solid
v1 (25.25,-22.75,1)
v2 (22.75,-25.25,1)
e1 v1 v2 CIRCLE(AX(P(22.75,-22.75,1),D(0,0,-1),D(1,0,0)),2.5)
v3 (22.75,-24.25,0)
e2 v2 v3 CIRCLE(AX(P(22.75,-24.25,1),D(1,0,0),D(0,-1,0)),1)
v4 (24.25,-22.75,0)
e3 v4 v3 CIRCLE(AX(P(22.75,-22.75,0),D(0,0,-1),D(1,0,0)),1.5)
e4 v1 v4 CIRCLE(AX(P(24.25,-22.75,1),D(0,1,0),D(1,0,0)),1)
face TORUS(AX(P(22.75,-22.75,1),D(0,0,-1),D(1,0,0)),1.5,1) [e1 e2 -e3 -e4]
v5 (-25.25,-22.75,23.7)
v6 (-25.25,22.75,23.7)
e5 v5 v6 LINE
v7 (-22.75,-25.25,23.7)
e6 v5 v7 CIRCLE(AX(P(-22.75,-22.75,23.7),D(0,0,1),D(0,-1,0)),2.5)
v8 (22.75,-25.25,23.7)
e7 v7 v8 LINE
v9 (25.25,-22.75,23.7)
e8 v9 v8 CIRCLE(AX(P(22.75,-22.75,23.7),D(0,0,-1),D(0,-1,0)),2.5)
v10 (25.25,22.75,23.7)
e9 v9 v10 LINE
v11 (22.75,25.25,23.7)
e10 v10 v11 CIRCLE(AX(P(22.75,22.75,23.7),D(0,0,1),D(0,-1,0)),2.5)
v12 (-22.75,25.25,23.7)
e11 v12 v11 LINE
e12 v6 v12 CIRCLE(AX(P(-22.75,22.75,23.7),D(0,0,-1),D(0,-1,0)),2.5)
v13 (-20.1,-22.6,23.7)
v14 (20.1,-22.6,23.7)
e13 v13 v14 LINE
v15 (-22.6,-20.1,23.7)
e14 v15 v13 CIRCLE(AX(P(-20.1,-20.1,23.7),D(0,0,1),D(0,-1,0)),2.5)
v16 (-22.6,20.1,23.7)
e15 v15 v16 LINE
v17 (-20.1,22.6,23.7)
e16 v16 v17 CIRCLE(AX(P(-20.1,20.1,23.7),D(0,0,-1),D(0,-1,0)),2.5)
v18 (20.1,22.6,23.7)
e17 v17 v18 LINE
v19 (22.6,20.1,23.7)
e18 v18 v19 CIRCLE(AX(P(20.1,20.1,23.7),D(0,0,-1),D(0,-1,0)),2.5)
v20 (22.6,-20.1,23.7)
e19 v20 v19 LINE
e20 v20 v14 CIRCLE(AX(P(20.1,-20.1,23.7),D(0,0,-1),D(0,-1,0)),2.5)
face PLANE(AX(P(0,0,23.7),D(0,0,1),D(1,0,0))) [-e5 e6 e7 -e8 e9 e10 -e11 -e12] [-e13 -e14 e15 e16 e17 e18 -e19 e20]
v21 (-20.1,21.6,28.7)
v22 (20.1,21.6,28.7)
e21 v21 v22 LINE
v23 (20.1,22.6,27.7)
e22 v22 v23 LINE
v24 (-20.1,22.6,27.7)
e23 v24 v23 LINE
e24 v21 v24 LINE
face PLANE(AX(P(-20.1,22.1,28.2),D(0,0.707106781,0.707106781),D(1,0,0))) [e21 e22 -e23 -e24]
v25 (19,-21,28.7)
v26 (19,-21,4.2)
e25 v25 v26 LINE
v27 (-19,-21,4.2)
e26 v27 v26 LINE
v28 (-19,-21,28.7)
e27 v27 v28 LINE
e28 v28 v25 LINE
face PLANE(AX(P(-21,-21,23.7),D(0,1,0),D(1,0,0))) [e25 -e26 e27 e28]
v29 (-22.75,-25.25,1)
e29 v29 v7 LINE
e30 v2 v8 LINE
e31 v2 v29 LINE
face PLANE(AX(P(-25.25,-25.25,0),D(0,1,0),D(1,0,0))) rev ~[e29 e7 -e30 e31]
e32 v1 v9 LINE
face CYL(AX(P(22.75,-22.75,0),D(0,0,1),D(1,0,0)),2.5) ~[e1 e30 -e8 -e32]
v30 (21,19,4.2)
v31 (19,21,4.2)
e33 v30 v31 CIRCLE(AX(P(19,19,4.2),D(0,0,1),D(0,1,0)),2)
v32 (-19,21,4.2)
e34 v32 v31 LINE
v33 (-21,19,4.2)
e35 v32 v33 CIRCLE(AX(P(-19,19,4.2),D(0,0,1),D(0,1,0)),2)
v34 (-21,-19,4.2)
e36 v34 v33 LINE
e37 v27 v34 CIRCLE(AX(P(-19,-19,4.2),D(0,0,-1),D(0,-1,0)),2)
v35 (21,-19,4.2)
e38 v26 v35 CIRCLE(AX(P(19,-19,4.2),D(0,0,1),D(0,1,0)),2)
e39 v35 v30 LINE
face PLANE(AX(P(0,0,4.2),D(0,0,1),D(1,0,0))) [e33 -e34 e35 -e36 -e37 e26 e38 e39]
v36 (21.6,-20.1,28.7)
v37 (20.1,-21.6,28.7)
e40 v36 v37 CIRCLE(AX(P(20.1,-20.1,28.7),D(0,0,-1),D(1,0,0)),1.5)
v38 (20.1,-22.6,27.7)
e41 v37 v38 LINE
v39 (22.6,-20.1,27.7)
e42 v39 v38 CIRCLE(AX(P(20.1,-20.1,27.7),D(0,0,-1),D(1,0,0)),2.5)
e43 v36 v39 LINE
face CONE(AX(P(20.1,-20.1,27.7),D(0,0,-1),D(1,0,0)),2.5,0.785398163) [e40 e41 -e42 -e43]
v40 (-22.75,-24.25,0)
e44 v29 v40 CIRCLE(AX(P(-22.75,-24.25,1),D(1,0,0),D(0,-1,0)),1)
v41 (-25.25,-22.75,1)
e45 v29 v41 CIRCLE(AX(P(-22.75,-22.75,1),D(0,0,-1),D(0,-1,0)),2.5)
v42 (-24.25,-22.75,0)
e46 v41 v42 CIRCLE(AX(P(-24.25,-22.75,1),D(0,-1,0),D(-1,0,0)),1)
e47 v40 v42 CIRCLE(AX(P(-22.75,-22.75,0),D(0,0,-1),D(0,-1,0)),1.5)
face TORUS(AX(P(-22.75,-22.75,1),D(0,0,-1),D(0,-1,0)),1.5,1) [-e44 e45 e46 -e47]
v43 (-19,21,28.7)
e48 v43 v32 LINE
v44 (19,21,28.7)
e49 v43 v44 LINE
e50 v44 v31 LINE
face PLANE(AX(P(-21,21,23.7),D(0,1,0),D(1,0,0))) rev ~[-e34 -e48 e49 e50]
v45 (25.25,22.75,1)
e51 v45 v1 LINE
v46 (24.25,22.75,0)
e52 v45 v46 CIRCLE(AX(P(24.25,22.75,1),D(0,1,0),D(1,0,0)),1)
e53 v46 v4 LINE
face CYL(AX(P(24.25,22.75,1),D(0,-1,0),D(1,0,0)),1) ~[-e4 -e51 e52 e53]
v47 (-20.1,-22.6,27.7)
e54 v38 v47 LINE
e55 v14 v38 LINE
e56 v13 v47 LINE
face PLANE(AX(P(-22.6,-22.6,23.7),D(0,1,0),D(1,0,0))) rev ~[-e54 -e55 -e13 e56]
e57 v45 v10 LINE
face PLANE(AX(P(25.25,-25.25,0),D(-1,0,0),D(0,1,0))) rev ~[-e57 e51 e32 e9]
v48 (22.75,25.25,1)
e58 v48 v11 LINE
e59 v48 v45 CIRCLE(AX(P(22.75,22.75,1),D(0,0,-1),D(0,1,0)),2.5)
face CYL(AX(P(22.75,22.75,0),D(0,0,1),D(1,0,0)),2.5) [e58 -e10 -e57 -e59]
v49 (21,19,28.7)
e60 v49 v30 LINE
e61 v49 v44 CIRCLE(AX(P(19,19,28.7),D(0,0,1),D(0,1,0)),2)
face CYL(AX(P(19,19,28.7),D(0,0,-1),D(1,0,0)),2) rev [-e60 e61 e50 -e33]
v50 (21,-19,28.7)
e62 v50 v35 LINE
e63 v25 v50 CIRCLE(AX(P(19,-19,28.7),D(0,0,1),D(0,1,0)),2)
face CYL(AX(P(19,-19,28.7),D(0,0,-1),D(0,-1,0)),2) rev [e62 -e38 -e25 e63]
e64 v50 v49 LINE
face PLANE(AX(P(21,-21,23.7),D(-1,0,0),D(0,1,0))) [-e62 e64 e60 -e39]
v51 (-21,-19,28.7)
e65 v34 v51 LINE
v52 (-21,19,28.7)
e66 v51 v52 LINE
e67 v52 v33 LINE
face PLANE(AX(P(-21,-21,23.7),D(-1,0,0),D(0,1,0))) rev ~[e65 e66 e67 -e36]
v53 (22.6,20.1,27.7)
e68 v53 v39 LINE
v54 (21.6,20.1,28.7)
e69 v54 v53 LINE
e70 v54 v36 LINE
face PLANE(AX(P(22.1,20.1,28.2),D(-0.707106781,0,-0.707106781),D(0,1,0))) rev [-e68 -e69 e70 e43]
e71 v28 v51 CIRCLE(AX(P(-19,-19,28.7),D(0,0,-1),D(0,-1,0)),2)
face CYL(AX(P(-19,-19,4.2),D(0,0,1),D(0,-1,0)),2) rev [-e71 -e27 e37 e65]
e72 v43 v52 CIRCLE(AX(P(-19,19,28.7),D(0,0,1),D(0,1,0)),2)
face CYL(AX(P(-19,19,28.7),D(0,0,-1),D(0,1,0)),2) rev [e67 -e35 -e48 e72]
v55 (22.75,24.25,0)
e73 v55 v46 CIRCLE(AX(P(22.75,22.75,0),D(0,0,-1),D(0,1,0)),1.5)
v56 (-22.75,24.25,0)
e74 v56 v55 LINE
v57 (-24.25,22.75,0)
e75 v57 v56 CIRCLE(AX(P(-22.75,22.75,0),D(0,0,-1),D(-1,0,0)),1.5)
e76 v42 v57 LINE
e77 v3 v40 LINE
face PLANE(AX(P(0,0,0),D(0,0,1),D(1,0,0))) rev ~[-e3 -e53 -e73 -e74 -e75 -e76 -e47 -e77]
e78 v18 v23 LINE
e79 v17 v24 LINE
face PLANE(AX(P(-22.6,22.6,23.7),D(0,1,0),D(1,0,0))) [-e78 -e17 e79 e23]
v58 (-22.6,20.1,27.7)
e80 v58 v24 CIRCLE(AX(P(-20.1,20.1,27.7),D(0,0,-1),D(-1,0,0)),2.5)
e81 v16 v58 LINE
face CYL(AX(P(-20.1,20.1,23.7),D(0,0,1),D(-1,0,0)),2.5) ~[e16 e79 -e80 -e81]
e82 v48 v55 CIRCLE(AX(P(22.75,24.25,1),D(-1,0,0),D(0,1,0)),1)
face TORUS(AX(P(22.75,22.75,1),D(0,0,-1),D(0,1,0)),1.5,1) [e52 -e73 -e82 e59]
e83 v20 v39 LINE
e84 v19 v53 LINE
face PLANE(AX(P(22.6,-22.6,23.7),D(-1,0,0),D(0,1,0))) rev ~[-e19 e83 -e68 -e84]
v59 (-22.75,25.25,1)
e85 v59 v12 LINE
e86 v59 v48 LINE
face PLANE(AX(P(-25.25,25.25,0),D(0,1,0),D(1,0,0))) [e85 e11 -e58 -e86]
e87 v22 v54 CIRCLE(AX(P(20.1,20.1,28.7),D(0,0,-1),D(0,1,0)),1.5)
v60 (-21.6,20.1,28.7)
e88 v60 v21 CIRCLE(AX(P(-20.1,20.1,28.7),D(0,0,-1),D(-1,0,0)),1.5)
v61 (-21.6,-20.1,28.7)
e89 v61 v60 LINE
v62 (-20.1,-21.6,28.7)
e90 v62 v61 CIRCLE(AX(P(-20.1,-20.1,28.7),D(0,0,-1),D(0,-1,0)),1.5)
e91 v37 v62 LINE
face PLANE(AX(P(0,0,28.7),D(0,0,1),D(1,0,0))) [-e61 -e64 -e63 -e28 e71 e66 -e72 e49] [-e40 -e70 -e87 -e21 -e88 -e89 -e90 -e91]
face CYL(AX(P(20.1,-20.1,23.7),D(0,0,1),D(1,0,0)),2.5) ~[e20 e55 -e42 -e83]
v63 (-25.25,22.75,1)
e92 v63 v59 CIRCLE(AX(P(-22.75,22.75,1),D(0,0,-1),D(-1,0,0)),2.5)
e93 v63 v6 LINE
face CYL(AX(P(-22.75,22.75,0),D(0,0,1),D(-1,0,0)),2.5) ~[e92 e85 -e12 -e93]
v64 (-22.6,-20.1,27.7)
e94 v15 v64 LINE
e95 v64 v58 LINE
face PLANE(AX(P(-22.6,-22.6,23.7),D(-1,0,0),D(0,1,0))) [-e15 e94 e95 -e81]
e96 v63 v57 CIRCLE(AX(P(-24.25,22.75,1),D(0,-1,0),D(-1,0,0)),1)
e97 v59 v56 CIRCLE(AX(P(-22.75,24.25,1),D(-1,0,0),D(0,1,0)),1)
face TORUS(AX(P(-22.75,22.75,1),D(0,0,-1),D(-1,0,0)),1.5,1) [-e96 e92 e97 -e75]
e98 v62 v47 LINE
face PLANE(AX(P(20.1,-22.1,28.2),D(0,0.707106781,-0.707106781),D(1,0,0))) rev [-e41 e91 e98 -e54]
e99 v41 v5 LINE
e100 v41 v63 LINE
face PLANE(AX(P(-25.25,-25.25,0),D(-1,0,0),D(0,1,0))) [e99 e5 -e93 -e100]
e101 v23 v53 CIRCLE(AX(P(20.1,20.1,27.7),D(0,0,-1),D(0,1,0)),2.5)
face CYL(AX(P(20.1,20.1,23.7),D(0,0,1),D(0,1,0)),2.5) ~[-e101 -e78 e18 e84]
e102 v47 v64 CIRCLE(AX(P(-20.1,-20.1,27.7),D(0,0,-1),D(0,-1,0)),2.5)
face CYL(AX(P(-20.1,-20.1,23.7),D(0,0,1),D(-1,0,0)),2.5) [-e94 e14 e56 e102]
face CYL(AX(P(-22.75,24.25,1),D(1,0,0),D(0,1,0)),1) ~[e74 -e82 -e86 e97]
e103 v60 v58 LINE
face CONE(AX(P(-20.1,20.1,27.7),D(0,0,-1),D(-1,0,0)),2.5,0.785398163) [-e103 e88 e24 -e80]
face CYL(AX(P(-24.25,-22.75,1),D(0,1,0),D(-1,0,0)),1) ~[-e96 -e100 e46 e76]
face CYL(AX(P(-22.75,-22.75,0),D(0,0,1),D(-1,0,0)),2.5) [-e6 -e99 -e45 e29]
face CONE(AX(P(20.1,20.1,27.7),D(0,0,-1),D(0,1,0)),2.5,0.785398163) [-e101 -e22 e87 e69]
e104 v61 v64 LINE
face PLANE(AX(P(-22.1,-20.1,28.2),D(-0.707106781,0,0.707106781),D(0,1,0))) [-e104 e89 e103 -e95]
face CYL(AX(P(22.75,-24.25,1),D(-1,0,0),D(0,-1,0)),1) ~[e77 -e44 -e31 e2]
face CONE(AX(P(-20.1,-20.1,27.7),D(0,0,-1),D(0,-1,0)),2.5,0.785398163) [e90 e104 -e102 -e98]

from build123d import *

# Parameters (mm, degrees)
F0_W          = 50.5
F0_H          = 50.5
F1_DEPTH      = 23.7
F2_W          = 45.2
F2_H          = 45.2
F3_DEPTH      = 5
F4_W          = 42
F4_H          = 42
F5_DEPTH      = 5
F5_DEPTH_BACK = 19.5
F6_R          = 2.5
F7_R          = 2
F8_SIZE       = 1
F9_R          = 1


with BuildPart() as f1:
    # F0 (on Top) → F1 (new body)
    with BuildSketch(Plane.XY):
        Rectangle(F0_W, F0_H)
    extrude(amount=F1_DEPTH)

    # F2 (on face) → F3 (join)
    with BuildSketch(Plane.XY.offset(23.7)):
        Rectangle(F2_W, F2_H)
    extrude(amount=F3_DEPTH)

    # F4 (on face) → F5 (cut, two sides)
    with BuildSketch(Plane.XY.offset(23.7)) as f5_sk:
        Rectangle(F4_W, F4_H)
    extrude(amount=F5_DEPTH, mode=Mode.SUBTRACT)
    extrude(f5_sk.sketch, amount=-F5_DEPTH_BACK, mode=Mode.SUBTRACT)

    # F6
    f6_edges = [f1.edges().sort_by_distance(p)[0] for p in [
        (-25.25, 25.25, 11.85),
        (-25.25, -25.25, 11.85),
        (25.25, -25.25, 11.85),
        (25.25, 25.25, 11.85),
        (-22.6, 22.6, 26.2),
        (-22.6, -22.6, 26.2),
        (22.6, -22.6, 26.2),
        (22.6, 22.6, 26.2),
    ]]
    fillet(f6_edges, radius=F6_R)

    # F7
    f7_edges = [f1.edges().sort_by_distance(p)[0] for p in [
        (-21, 21, 16.45),
        (21, 21, 16.45),
        (21, -21, 16.45),
        (-21, -21, 16.45),
    ]]
    fillet(f7_edges, radius=F7_R)

    # F8
    f8_edges = [f1.edges().sort_by_distance(p)[0] for p in [
        (-22.6, 0, 28.7),
    ]]
    chamfer(f8_edges, length=F8_SIZE)

    # F9
    f9_edges = [f1.edges().sort_by_distance(p)[0] for p in [
        (0, 25.25, 0),
    ]]
    fillet(f9_edges, radius=F9_R)


solid = f1.part
